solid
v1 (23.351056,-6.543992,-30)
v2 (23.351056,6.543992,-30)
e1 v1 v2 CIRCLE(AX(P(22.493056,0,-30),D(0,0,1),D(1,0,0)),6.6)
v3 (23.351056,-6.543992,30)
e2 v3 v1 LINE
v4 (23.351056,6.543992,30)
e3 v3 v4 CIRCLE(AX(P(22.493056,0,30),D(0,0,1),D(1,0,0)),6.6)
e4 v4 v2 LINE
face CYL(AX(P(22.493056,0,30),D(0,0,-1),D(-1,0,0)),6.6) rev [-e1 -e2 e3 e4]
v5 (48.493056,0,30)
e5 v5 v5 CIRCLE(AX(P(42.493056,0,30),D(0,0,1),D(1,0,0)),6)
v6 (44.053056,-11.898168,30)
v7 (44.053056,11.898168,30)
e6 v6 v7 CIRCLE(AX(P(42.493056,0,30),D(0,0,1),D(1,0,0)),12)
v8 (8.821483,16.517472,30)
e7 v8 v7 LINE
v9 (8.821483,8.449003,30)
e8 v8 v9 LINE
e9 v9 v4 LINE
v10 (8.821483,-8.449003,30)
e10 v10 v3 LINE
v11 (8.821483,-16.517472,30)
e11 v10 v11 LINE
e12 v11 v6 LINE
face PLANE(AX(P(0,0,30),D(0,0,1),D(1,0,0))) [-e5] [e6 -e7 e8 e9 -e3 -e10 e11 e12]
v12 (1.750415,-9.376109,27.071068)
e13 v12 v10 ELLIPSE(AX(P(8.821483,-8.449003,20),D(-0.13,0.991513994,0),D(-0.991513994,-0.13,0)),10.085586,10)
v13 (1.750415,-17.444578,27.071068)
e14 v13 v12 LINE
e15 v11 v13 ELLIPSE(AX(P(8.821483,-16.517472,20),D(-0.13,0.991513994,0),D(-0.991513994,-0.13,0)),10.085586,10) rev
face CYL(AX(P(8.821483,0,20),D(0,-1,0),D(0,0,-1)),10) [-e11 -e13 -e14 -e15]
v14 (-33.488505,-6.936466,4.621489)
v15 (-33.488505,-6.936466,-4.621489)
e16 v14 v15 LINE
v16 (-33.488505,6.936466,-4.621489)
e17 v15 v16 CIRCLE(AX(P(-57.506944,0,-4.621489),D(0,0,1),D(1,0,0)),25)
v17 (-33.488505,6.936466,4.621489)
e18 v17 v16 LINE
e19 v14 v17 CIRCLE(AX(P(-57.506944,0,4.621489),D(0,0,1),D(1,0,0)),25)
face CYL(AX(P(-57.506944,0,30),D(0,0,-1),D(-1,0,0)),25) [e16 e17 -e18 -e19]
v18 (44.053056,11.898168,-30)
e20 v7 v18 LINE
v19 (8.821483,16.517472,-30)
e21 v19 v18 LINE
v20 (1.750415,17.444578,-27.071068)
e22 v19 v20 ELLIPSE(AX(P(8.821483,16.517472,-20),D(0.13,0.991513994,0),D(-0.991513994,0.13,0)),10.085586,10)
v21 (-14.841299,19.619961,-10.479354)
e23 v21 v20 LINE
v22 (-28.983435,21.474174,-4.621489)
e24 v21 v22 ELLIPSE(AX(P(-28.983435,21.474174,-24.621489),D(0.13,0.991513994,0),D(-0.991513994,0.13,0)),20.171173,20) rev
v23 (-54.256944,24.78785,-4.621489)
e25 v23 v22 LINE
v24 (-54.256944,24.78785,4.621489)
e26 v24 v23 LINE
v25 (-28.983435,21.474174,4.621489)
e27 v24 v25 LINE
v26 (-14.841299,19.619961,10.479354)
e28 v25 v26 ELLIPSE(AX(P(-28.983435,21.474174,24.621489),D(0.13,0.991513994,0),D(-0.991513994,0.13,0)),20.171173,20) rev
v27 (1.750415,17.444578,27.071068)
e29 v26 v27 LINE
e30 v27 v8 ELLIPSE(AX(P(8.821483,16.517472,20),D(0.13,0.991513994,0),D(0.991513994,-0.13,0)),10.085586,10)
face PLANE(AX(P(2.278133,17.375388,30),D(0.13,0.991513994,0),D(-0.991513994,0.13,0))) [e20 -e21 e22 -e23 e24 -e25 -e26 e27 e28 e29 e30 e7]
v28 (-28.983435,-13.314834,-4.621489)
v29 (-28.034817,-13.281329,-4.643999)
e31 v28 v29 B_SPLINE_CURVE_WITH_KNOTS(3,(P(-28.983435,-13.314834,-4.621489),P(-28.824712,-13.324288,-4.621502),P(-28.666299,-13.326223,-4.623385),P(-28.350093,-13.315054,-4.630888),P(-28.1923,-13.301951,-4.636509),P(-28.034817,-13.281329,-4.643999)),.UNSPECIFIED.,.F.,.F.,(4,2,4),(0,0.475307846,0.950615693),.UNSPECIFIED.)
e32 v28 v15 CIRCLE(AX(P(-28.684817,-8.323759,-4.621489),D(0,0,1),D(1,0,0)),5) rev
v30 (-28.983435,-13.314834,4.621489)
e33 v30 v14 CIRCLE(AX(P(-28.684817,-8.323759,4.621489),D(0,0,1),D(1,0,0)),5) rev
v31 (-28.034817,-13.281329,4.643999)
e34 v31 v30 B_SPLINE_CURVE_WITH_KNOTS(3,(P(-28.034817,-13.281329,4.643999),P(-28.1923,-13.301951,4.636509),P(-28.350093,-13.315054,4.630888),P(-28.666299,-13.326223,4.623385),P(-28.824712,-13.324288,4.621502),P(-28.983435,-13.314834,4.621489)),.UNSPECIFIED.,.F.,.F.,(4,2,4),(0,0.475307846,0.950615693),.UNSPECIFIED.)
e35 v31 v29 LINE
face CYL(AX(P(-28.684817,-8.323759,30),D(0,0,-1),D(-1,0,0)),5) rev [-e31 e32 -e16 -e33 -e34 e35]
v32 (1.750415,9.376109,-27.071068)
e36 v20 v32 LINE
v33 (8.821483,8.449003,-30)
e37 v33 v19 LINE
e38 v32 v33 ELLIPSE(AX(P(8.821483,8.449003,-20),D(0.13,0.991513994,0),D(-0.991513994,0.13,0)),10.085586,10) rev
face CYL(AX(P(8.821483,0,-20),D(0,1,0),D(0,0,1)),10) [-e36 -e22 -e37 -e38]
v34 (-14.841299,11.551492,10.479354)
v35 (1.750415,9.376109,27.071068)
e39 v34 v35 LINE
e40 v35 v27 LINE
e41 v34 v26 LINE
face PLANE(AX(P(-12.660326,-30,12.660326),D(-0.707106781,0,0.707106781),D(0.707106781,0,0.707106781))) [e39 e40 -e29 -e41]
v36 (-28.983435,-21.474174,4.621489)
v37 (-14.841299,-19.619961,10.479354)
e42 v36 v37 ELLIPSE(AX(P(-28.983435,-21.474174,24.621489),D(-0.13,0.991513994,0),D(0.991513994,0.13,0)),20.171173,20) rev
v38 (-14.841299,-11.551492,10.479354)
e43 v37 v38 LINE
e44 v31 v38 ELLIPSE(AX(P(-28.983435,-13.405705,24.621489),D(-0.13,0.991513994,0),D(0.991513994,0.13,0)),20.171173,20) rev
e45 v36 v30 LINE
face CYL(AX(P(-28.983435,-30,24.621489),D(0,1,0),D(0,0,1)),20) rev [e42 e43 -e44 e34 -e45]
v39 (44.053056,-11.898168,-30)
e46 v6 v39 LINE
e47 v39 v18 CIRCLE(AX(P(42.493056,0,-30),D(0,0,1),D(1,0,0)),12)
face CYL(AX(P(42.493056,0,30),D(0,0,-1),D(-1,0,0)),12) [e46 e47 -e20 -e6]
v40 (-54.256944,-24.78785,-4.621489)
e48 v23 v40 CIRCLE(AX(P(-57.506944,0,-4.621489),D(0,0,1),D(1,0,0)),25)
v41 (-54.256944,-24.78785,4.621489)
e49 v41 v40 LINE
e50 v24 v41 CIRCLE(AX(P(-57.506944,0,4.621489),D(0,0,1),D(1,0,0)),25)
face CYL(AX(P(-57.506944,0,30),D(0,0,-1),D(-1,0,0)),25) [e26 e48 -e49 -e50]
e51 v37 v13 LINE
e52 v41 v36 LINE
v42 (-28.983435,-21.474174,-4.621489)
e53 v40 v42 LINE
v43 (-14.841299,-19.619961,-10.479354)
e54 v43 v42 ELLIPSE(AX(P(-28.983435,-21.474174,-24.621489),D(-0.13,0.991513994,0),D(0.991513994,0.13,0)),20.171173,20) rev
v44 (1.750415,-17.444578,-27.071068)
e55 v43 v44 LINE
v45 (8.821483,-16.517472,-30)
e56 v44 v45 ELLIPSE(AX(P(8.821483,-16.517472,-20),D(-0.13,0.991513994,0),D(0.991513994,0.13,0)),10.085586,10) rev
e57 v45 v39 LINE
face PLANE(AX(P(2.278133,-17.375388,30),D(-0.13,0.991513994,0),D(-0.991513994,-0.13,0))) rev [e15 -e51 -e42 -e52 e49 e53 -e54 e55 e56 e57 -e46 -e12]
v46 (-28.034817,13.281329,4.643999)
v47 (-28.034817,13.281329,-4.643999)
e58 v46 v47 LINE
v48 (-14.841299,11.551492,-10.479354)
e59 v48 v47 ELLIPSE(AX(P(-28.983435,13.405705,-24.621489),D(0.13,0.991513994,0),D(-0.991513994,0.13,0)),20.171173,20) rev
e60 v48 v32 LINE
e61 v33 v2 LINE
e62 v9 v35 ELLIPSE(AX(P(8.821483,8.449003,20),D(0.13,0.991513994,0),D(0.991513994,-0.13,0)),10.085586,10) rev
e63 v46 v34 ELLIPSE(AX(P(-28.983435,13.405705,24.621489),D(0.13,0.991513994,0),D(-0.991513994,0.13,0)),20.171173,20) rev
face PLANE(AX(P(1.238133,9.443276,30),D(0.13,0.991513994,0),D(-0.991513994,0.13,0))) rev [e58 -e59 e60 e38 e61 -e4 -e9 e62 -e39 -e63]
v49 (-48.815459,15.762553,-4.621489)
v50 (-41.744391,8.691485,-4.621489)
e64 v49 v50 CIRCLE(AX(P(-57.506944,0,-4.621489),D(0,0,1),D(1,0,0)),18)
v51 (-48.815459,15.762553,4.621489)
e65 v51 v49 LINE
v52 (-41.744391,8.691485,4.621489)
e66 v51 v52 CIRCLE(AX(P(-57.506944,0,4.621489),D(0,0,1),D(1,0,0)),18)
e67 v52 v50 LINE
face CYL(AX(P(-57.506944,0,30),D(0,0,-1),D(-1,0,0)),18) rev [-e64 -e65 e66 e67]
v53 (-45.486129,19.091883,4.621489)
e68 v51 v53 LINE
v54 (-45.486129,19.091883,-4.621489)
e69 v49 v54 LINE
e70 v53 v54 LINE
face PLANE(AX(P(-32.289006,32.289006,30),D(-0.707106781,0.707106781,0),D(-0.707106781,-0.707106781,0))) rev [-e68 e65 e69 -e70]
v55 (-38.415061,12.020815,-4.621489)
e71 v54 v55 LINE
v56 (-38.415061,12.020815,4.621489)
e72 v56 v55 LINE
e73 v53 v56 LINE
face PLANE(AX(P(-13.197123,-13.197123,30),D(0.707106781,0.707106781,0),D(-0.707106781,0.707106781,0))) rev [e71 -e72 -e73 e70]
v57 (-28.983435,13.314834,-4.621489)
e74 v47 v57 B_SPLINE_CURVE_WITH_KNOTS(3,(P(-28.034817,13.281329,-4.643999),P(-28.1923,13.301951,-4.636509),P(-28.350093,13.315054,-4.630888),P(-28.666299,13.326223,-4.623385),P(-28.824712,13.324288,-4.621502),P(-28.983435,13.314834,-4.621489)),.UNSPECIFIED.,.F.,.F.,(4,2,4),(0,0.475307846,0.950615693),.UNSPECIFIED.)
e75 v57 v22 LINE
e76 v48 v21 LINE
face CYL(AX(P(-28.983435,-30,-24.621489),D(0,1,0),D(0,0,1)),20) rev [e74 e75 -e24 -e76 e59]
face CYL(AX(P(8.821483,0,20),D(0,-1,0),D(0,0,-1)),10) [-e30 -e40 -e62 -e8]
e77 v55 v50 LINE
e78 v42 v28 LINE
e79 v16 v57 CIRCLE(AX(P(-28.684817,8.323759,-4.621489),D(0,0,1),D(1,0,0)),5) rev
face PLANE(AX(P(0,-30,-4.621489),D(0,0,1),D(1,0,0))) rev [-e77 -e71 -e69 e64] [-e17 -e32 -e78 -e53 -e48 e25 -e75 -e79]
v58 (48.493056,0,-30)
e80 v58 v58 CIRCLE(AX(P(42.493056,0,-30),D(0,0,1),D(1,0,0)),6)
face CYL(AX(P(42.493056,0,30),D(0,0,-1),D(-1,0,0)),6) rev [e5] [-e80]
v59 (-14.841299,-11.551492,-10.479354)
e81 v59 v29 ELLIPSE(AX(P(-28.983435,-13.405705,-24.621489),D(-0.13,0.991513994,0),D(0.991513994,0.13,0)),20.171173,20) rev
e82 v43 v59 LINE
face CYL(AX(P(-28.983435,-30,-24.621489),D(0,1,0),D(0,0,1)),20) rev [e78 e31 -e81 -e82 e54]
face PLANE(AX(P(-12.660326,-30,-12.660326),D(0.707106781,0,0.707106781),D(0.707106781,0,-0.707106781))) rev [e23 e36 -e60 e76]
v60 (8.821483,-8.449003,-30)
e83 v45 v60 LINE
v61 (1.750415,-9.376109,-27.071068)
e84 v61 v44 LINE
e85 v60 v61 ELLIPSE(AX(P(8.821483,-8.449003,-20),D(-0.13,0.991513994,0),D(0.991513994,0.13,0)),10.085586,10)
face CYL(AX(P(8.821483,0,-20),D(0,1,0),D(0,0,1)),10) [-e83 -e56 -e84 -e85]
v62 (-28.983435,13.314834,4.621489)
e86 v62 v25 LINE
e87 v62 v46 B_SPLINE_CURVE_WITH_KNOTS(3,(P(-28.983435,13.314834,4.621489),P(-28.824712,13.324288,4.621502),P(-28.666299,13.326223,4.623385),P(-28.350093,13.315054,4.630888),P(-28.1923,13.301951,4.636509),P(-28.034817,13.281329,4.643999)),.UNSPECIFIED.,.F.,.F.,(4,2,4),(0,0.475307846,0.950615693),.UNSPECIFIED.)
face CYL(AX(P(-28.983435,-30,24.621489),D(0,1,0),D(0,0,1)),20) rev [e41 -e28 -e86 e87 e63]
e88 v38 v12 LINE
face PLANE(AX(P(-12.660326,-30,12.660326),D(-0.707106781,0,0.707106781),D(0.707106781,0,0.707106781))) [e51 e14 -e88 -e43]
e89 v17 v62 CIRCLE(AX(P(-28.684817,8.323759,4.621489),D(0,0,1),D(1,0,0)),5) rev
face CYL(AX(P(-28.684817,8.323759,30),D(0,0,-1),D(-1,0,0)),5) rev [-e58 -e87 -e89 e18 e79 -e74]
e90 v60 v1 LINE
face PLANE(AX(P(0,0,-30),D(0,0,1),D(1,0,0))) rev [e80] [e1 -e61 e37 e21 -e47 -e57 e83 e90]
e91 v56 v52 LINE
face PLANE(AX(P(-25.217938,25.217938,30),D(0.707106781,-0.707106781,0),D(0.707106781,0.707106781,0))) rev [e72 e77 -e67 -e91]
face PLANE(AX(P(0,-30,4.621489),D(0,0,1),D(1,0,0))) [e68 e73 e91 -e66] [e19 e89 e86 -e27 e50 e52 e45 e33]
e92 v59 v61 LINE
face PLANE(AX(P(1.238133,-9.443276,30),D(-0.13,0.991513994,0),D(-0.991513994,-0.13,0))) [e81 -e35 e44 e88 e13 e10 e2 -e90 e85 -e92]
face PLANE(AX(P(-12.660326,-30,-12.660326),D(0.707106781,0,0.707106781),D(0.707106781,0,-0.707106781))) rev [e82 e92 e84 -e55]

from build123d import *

# Parameters (mm, degrees)
SKETCH1_R           = 12
SKETCH1_R_2         = 6
BOSS_EXTRUDE1_DEPTH = 30
CUT_EXTRUDE1_DEPTH  = 30
FILLET1_R           = 10


with BuildPart() as part:
    # Sketch1 → Boss-Extrude1 (new, symmetric)
    # profile 1 of 2: a face of its own
    with BuildSketch(Plane.XY):
        with BuildLine():
            Line((44.05305559, 11.898167926), (-54.25694441, 24.787849846))
            ThreePointArc((-54.25694441, 24.787849846), (-82.50694441, 0), (-54.25694441, -24.787849846))
            Line((-54.25694441, -24.787849846), (44.05305559, -11.898167926))
            ThreePointArc((44.05305559, -11.898167926), (30.49305559, 0), (44.05305559, 11.898167926))
        make_face()
        with BuildLine():
            ThreePointArc((-33.488504763, 6.936465737), (-32.476597793, 11.582960804), (-28.034816833, 13.281328853))
            Line((-28.034816833, 13.281328853), (23.35105559, 6.543992359))
            ThreePointArc((23.35105559, 6.543992359), (29.09305559, 0), (23.35105559, -6.543992359))
            Line((23.35105559, -6.543992359), (-28.034816833, -13.281328853))
            ThreePointArc((-28.034816833, -13.281328853), (-32.476597793, -11.582960804), (-33.488504763, -6.936465737))
            ThreePointArc((-33.488504763, -6.936465737), (-32.50694441, 0), (-33.488504763, 6.936465737))
        make_face(mode=Mode.SUBTRACT)
        with BuildLine():
            ThreePointArc((-41.744391243, 8.691485355), (-70.234866471, -12.727922061), (-48.815459055, 15.762553167))
            Line((-48.815459055, 15.762553167), (-45.48612913, 19.091883092))
            Line((-45.48612913, 19.091883092), (-38.415061318, 12.02081528))
            Line((-38.415061318, 12.02081528), (-41.744391243, 8.691485355))
        make_face(mode=Mode.SUBTRACT)
    # profile 2 of 2: a face of its own
    with BuildSketch(Plane.XY):
        with Locations((42.49305559, 0)):
            Circle(SKETCH1_R)
        with Locations((42.49305559, 0)):
            Circle(SKETCH1_R_2, mode=Mode.SUBTRACT)
    extrude(amount=BOSS_EXTRUDE1_DEPTH, both=True)

    # Sketch5 → Cut-Extrude1 (cut, symmetric)
    with BuildSketch(Plane(origin=(0, 0, 0), x_dir=(1, 0, 0), z_dir=(0, 1, 0))):
        with BuildLine():
            ThreePointArc((-14.84129936, 10.479353549), (-21.329766336, 6.143898522), (-28.983434984, 4.621489173))
            Line((-28.983434984, 4.621489173), (-82.50694441, 4.621489173))
            Line((-82.50694441, 4.621489173), (-82.50694441, 30))
            Line((-82.50694441, 30), (4.679347091, 30))
            Line((4.679347091, 30), (-14.84129936, 10.479353549))
        make_face()
        with BuildLine():
            ThreePointArc((-28.983434984, -4.621489173), (-21.329766336, -6.143898522), (-14.84129936, -10.479353549))
            Line((-14.84129936, -10.479353549), (4.679347091, -30))
            Line((4.679347091, -30), (-82.50694441, -30))
            Line((-82.50694441, -30), (-82.50694441, -4.621489173))
            Line((-82.50694441, -4.621489173), (-28.983434984, -4.621489173))
        make_face()
    extrude(amount=CUT_EXTRUDE1_DEPTH, both=True, mode=Mode.SUBTRACT)

    # Fillet1
    fillet1_edges = [part.edges().sort_by_distance(p)[0] for p in [
        (4.679347091, 13.026323567, -30),
        (4.679347091, -13.026323567, -30),
        (4.679347091, -13.026323567, 30),
        (4.679347091, 13.026323567, 30),
    ]]
    fillet(fillet1_edges, radius=FILLET1_R)


solid = part.part
